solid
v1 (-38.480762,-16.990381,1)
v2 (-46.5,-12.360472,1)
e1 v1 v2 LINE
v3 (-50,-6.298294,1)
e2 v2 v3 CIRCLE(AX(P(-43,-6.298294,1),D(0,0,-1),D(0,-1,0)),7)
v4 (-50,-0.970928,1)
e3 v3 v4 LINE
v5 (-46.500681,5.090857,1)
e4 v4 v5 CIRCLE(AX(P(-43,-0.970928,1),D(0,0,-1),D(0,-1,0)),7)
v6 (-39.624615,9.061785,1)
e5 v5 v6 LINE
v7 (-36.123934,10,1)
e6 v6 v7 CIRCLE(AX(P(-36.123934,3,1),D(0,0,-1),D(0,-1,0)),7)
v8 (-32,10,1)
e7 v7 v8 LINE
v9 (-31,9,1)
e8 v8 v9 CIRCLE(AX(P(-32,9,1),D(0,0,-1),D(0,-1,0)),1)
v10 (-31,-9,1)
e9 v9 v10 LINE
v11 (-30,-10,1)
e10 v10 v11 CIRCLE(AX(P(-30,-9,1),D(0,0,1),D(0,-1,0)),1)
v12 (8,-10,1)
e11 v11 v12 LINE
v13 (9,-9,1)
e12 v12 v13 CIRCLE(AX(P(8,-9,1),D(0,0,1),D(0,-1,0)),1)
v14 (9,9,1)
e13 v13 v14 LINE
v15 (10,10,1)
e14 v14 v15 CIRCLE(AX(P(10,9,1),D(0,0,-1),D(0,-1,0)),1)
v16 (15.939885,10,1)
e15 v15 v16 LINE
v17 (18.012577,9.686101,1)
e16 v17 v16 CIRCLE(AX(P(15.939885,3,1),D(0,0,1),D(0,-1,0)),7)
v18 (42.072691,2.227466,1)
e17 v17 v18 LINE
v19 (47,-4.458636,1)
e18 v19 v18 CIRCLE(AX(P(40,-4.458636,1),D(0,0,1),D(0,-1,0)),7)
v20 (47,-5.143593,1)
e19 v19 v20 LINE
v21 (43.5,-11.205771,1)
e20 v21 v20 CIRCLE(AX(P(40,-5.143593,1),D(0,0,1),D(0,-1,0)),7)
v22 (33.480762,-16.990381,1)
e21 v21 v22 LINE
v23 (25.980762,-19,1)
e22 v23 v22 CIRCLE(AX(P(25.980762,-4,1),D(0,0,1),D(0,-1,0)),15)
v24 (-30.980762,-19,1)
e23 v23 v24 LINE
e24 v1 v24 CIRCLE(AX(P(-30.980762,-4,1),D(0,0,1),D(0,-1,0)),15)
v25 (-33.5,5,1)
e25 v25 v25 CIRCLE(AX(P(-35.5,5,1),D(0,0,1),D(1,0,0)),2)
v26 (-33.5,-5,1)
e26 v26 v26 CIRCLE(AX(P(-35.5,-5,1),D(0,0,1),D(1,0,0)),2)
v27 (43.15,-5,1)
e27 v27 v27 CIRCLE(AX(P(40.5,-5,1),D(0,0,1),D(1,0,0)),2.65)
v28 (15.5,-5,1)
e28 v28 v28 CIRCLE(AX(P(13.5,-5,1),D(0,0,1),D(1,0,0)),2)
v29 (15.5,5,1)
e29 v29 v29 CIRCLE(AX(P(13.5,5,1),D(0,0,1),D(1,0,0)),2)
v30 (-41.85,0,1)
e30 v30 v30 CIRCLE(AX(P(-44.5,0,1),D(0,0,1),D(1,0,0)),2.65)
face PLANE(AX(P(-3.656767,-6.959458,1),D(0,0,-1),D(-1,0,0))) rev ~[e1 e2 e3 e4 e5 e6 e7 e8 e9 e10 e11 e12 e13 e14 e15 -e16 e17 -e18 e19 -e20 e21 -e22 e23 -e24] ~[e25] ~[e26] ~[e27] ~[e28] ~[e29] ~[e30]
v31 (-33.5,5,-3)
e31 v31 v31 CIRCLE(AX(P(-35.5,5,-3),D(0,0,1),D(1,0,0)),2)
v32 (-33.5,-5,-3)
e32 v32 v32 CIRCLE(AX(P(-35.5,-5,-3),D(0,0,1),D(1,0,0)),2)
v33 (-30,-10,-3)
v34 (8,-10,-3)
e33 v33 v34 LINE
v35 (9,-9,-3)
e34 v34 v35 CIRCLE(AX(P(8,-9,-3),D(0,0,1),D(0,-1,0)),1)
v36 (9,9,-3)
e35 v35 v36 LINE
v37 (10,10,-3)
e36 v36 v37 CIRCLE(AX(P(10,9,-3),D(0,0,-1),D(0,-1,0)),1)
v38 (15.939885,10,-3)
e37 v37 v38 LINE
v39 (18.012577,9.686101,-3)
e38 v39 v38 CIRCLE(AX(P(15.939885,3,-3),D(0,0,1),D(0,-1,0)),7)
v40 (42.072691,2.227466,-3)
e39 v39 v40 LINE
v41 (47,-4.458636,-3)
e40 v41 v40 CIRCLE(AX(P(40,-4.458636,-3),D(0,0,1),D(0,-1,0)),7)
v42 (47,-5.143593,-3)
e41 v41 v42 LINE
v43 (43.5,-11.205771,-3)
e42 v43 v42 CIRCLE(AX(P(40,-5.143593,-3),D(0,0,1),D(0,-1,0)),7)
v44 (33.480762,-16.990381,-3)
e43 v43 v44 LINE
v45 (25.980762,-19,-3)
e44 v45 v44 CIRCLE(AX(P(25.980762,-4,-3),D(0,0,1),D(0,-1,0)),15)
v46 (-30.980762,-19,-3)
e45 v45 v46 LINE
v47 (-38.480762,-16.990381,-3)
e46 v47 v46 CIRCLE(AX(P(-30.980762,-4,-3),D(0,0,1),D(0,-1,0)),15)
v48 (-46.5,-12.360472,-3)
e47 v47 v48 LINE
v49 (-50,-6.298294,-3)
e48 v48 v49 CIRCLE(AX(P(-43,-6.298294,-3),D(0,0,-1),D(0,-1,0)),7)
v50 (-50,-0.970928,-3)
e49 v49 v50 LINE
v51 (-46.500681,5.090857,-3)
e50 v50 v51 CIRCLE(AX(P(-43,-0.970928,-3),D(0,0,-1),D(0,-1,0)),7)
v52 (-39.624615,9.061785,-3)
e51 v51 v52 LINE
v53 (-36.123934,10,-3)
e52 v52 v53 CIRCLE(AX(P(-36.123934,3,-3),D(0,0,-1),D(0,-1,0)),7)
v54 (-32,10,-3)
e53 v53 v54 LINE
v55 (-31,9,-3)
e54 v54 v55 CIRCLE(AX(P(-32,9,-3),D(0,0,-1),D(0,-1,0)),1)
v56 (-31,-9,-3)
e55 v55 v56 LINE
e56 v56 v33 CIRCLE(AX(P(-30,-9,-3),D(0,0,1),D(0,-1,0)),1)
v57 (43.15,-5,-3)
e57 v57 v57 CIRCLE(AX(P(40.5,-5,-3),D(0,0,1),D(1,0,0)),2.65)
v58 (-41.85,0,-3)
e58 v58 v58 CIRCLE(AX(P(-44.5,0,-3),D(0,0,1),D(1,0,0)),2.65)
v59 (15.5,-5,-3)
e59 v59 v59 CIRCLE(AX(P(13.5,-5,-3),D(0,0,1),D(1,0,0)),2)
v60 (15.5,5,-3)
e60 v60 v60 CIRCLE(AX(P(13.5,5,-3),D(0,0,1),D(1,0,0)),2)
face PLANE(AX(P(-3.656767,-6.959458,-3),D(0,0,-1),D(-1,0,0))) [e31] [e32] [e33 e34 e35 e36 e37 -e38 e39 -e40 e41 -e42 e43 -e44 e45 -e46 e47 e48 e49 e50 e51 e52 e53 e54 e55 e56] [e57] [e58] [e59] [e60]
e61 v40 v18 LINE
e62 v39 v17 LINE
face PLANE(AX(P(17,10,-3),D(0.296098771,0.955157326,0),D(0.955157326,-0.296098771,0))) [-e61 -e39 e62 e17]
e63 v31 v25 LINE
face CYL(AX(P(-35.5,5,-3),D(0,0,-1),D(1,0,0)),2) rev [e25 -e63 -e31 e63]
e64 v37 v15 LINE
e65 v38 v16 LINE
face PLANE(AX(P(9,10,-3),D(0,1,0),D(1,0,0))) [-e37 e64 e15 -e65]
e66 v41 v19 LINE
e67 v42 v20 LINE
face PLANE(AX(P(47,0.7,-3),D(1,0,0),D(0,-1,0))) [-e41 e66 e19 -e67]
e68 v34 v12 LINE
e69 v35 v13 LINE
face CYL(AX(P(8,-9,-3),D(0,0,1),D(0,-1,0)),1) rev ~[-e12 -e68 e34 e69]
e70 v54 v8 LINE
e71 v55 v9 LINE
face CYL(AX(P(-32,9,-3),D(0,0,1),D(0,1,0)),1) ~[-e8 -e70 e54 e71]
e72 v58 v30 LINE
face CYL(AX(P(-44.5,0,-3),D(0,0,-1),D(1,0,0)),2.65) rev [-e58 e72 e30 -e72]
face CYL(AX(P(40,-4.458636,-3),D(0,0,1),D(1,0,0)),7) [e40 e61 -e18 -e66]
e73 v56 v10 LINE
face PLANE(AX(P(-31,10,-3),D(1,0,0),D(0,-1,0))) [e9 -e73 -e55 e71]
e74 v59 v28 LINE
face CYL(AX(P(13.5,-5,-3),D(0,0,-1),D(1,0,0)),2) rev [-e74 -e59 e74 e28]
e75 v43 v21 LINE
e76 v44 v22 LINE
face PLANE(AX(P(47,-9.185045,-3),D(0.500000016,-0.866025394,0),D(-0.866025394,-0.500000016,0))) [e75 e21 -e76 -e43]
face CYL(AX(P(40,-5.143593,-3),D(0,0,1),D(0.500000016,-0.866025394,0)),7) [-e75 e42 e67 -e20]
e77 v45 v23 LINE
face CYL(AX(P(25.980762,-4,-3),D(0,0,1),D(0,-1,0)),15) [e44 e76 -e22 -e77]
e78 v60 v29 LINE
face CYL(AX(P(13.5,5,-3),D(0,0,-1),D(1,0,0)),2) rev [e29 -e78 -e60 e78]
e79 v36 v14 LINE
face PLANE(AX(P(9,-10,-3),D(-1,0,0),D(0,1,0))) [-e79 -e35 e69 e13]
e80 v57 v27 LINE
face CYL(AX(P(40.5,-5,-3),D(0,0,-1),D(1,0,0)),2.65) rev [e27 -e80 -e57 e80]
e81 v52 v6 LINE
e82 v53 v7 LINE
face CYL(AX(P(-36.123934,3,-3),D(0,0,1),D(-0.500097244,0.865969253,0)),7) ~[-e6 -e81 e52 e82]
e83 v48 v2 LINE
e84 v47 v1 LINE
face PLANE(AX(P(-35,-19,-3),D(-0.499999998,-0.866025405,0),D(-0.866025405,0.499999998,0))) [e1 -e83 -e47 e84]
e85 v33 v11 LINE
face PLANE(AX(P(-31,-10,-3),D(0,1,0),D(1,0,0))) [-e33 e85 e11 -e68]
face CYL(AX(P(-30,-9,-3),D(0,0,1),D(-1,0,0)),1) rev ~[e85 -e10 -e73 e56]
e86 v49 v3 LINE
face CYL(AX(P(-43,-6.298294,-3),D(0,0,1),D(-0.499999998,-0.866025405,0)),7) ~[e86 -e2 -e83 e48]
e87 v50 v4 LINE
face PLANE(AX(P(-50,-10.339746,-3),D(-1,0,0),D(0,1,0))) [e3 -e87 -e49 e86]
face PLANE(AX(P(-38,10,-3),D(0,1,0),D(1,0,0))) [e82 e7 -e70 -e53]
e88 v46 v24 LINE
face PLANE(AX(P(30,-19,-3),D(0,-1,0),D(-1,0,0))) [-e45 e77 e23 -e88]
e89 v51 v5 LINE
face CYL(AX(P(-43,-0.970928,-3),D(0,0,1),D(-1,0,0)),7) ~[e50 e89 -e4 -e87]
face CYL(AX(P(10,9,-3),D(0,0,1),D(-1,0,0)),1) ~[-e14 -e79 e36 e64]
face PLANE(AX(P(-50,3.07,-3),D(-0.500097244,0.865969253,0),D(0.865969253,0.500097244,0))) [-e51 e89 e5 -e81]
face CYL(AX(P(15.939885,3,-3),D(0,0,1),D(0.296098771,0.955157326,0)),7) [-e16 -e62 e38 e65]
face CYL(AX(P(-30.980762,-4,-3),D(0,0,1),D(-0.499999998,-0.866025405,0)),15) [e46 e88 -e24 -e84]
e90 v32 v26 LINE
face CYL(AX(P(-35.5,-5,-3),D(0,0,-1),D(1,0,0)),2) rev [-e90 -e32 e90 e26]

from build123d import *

# Parameters (mm, degrees)
SKETCH005_R   = 2
SKETCH005_R_2 = 2.65
PAD_DEPTH     = 4
FILLET_R      = 15
FILLET001_R   = 7
FILLET002_R   = 7
FILLET003_R   = 1


with BuildPart() as part:
    # Sketch005 → Pad (new body)
    with BuildSketch(Plane.XY.offset(-3)):
        Polygon((-38, 10), (-31, 10), (-31, -10), (9, -10), (9, 10), (17, 10), (47, 0.7), (47, -9.185045), (30, -19), (-35, -19), (-50, -10.339746), (-50, 3.07), align=None)
        with Locations((-35.5, 5)):
            Circle(SKETCH005_R, mode=Mode.SUBTRACT)
        with Locations((-35.5, -5)):
            Circle(SKETCH005_R, mode=Mode.SUBTRACT)
        with Locations((13.5, 5)):
            Circle(SKETCH005_R, mode=Mode.SUBTRACT)
        with Locations((13.5, -5)):
            Circle(SKETCH005_R, mode=Mode.SUBTRACT)
        with Locations((-44.5, 0)):
            Circle(SKETCH005_R_2, mode=Mode.SUBTRACT)
        with Locations((40.5, -5)):
            Circle(SKETCH005_R_2, mode=Mode.SUBTRACT)
    extrude(amount=PAD_DEPTH)

    # Fillet
    fillet_edges = [part.edges().sort_by_distance(p)[0] for p in [
        (30, -19, -1),
        (-35, -19, -1),
    ]]
    fillet(fillet_edges, radius=FILLET_R)

    # Fillet001
    fillet001_edges = [part.edges().sort_by_distance(p)[0] for p in [
        (-50, -10.339746, -1),
        (47, -9.185045, -1),
    ]]
    fillet(fillet001_edges, radius=FILLET001_R)

    # Fillet002
    fillet002_edges = [part.edges().sort_by_distance(p)[0] for p in [
        (-50, 3.07, -1),
        (-38, 10, -1),
        (17, 10, -1),
        (47, 0.7, -1),
    ]]
    fillet(fillet002_edges, radius=FILLET002_R)

    # Fillet003
    fillet003_edges = [part.edges().sort_by_distance(p)[0] for p in [
        (-31, 10, -1),
        (9, 10, -1),
        (9, -10, -1),
        (-31, -10, -1),
    ]]
    fillet(fillet003_edges, radius=FILLET003_R)


solid = part.part
